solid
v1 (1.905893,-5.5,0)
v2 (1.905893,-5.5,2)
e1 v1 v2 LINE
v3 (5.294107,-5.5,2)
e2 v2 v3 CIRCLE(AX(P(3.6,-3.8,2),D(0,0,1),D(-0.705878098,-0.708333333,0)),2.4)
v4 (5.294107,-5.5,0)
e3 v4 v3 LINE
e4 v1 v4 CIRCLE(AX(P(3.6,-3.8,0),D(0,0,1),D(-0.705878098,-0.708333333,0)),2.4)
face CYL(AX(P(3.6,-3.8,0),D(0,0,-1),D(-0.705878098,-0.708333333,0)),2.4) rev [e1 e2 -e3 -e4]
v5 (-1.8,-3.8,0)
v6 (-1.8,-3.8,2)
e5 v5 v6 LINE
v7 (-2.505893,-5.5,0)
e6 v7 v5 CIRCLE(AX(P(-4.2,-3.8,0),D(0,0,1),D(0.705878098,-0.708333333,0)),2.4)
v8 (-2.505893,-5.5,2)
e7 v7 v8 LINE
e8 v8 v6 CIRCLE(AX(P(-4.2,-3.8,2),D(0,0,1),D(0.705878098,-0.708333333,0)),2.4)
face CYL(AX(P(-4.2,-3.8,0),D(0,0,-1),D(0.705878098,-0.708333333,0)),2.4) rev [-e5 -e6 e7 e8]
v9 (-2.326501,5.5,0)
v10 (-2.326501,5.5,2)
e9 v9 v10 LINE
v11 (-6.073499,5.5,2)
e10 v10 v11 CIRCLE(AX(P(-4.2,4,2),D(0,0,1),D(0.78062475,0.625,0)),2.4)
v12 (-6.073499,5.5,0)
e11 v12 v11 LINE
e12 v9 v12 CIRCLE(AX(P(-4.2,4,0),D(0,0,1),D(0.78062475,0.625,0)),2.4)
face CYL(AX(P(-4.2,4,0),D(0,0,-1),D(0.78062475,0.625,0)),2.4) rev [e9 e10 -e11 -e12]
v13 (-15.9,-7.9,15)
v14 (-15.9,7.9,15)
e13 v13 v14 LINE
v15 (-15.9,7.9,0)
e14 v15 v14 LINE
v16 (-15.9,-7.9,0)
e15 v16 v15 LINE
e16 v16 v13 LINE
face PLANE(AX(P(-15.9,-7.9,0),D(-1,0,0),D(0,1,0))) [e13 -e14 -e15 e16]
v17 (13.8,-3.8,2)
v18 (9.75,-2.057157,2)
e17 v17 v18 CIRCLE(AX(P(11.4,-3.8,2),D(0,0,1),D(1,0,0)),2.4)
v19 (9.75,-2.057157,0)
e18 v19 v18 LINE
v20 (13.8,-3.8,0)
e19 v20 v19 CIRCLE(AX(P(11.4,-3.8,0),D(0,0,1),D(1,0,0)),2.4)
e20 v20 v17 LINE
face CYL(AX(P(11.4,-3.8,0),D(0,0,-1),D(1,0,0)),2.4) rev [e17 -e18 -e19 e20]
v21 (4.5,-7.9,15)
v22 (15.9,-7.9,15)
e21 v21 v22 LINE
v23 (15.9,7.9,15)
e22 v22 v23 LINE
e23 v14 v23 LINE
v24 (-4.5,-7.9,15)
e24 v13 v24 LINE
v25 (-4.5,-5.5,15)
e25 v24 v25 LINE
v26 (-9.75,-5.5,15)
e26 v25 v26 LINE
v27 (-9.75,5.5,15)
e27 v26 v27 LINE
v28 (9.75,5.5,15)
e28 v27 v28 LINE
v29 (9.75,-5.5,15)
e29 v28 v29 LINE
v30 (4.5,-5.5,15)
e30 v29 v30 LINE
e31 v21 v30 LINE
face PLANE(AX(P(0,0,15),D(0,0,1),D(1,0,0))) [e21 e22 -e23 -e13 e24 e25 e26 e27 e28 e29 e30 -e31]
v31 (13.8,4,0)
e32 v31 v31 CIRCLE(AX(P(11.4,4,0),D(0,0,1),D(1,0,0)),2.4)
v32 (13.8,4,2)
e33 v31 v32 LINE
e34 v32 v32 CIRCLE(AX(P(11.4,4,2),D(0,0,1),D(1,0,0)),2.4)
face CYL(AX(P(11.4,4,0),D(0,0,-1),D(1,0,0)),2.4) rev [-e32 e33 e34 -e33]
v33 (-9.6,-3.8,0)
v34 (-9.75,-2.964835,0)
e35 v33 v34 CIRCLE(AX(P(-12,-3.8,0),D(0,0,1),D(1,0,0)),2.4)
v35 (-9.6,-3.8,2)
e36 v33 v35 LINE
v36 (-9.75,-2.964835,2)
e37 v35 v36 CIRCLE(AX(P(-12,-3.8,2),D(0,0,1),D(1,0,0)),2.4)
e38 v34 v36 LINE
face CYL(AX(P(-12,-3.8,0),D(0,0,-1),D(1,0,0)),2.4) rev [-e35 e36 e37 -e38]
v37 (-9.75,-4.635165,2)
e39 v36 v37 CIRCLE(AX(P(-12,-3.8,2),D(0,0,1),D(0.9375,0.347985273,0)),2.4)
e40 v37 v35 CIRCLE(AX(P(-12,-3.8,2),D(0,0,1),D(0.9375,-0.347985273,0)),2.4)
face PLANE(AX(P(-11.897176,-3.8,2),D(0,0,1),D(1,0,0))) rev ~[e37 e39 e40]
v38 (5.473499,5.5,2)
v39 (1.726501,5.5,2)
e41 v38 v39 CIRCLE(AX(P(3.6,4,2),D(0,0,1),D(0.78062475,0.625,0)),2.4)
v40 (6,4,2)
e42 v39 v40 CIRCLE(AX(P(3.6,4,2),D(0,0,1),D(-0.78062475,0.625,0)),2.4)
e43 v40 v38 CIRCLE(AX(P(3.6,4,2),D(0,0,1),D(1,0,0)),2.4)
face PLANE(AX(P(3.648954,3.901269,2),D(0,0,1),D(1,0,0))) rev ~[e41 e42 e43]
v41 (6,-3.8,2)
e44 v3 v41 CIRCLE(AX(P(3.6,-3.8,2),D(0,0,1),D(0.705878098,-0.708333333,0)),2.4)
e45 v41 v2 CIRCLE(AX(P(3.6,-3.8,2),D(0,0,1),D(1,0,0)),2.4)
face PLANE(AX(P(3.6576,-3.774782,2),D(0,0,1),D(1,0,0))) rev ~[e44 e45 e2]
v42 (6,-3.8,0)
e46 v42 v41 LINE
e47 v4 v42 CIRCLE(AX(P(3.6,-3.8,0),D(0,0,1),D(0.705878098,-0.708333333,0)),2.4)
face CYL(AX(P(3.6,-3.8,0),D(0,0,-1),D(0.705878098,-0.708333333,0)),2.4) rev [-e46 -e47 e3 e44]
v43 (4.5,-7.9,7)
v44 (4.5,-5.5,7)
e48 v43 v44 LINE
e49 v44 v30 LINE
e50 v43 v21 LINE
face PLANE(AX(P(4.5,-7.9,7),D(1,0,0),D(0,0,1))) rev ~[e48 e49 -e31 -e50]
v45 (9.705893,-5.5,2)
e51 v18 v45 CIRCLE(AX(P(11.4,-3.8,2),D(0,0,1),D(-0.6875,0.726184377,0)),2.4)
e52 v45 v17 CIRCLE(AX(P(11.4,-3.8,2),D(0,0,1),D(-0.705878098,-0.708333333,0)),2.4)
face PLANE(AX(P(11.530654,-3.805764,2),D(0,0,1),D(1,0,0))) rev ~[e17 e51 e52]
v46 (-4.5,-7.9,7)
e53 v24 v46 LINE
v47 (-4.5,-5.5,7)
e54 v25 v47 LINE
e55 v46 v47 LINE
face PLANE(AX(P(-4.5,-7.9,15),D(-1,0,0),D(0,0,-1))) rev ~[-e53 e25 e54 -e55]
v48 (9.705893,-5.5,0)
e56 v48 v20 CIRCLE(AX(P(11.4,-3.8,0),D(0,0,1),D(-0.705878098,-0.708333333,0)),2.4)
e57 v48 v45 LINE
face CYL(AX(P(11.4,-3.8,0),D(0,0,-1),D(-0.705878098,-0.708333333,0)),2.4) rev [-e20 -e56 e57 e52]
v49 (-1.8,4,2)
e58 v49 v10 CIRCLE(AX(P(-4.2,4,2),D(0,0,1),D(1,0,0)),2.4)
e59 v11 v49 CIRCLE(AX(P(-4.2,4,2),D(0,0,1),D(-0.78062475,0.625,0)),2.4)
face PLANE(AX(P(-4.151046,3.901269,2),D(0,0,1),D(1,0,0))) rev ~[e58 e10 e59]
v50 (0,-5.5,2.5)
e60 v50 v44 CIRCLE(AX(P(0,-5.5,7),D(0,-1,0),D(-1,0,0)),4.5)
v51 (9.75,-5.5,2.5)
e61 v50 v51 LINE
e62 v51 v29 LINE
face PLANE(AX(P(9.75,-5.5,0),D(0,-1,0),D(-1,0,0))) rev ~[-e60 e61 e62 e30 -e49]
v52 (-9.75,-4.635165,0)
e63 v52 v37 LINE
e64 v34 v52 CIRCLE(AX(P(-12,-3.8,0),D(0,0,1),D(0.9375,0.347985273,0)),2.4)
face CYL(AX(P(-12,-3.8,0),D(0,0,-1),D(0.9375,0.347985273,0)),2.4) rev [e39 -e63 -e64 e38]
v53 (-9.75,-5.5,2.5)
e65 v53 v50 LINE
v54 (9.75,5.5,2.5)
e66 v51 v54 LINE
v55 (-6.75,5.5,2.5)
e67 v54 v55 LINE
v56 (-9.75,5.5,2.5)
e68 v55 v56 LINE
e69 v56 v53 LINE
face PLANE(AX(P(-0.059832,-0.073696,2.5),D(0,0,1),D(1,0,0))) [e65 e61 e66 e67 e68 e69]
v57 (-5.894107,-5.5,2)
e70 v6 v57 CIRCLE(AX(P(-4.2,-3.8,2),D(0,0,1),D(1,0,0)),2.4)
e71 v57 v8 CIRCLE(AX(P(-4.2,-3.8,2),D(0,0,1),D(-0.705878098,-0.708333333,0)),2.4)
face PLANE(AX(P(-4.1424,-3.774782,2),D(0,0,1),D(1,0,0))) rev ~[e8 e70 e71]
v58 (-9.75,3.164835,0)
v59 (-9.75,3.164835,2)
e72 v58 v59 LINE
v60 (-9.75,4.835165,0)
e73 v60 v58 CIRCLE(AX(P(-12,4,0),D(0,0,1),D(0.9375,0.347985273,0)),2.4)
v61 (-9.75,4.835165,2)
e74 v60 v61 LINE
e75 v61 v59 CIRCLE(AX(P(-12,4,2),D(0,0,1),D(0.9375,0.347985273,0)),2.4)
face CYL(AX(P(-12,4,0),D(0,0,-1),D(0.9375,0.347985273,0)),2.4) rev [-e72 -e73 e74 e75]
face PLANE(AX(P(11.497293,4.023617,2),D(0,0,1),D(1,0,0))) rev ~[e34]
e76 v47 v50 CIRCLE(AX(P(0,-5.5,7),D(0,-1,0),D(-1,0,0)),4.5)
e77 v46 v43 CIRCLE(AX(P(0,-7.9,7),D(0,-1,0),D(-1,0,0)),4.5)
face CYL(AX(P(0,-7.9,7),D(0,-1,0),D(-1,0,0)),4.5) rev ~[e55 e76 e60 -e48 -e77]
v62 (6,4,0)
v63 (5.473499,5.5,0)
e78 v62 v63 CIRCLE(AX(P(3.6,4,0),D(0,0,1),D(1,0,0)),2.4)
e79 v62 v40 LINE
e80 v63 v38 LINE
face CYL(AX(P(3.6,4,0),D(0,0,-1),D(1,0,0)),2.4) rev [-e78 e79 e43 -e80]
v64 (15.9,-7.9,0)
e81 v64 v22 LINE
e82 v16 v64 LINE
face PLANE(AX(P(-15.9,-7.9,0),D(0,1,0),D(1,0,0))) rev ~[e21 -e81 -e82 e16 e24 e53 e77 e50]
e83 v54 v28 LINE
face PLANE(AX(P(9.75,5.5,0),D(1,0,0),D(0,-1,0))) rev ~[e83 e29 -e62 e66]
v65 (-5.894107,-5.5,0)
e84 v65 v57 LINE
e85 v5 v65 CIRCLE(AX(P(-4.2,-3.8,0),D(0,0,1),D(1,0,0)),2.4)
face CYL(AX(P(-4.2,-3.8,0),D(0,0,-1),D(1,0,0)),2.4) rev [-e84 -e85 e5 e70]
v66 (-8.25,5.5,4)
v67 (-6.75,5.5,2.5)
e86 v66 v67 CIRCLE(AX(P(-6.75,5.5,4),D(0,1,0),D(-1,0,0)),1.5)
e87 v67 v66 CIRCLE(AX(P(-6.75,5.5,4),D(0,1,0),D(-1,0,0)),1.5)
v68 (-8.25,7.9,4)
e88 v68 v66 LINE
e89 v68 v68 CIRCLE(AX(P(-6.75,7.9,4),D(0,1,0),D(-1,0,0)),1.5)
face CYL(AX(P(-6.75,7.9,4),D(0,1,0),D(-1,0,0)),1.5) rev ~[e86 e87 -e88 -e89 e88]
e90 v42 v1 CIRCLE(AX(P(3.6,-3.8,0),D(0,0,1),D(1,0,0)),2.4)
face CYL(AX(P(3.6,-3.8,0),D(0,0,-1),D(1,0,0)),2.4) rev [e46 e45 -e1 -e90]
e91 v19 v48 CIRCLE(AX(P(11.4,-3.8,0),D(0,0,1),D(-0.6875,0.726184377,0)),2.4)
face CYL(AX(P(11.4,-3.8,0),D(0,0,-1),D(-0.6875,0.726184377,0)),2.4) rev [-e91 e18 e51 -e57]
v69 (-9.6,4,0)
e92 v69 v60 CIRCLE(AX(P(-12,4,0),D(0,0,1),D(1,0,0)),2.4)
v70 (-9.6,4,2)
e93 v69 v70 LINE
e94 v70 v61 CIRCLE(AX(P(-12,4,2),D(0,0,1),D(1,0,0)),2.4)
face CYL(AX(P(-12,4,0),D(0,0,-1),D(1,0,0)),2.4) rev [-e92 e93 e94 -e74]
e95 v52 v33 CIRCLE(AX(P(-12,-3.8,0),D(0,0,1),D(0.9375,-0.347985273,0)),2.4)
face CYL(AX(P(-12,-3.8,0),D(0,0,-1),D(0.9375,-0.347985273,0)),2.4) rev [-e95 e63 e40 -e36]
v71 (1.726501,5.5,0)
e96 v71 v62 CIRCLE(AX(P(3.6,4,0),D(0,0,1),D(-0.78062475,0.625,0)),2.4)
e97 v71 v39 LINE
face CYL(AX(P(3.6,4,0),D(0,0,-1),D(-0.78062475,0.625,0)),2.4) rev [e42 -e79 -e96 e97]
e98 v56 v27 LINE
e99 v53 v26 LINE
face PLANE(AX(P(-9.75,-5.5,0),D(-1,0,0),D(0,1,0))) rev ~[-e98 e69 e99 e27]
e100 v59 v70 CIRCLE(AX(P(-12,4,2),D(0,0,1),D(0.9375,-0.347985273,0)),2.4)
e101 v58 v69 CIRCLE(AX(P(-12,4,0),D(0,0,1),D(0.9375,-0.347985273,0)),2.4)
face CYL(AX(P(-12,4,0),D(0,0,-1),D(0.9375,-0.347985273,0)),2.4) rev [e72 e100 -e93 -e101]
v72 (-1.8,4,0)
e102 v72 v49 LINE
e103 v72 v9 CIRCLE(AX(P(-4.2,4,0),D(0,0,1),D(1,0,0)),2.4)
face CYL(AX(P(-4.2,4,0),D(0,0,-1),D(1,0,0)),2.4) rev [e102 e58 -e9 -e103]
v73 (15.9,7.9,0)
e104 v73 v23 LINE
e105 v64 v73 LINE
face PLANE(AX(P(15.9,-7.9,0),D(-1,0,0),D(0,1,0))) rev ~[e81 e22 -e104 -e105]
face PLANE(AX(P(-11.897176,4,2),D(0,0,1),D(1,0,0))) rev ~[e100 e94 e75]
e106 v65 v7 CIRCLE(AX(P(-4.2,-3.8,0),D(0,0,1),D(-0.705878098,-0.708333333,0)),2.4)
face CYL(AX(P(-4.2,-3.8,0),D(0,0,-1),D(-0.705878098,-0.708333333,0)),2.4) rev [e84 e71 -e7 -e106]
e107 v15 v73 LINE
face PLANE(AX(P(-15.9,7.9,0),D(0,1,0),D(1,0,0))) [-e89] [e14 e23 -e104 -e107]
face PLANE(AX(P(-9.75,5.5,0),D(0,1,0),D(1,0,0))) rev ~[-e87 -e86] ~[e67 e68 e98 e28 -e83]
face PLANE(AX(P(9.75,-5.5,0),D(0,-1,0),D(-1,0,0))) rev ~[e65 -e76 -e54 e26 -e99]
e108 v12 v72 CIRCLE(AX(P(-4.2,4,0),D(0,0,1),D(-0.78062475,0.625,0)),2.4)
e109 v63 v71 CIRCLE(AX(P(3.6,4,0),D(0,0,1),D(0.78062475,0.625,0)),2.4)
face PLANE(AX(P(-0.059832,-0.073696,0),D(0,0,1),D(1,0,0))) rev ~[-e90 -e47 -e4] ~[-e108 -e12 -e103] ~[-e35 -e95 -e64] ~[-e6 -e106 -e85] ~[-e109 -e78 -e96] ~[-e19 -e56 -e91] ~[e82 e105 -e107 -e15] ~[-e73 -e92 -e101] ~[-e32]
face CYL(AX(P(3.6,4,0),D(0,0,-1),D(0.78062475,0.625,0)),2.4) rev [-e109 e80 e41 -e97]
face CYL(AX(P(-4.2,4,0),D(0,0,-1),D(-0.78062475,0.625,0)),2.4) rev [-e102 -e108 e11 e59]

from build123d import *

# Parameters (mm, degrees)
F0_W     = 31.8
F0_H     = 15.8
F1_DEPTH = 15
F3_DEPTH = 2.4
F4_DEPTH = 2.5
F5_R     = 1.5
F6_DEPTH = 2.4
F7_DEPTH = 2


with BuildPart() as f1:
    # F0 (on Top) → F1 (new body)
    with BuildSketch(Plane.XY):
        Rectangle(F0_W, F0_H)
        with BuildLine():
            Line((-9.75, 4.8351646544), (-9.75, 5.5))
            Line((-9.75, 5.5), (-6.0734993995, 5.5))
            ThreePointArc((-6.0734993995, 5.5), (-4.2, 6.4), (-2.3265006005, 5.5))
            Line((-2.3265006005, 5.5), (1.7265006005, 5.5))
            ThreePointArc((1.7265006005, 5.5), (3.6, 6.4), (5.4734993995, 5.5))
            Line((5.4734993995, 5.5), (9.5265006005, 5.5))
            ThreePointArc((9.5265006005, 5.5), (12.1948589312, 6.2645527769), (13.8, 4))
            ThreePointArc((13.8, 4), (12.3486832981, 1.7954592315), (9.75, 2.2571574942))
            Line((9.75, 2.2571574942), (9.75, -2.0571574942))
            ThreePointArc((9.75, -2.0571574942), (12.3486832981, -1.5954592315), (13.8, -3.8))
            ThreePointArc((13.8, -3.8), (12.3203646443, -6.016512784), (9.7058925654, -5.5))
            Line((9.7058925654, -5.5), (5.2941074346, -5.5))
            ThreePointArc((5.2941074346, -5.5), (3.6, -6.2), (1.9058925654, -5.5))
            Line((1.9058925654, -5.5), (-2.5058925654, -5.5))
            ThreePointArc((-2.5058925654, -5.5), (-4.2, -6.2), (-5.8941074346, -5.5))
            Line((-5.8941074346, -5.5), (-9.75, -5.5))
            Line((-9.75, -5.5), (-9.75, -4.6351646544))
            ThreePointArc((-9.75, -4.6351646544), (-14.4, -3.8), (-9.75, -2.9648353456))
            Line((-9.75, -2.9648353456), (-9.75, 3.1648353456))
            ThreePointArc((-9.75, 3.1648353456), (-14.4, 4), (-9.75, 4.8351646544))
        make_face(mode=Mode.SUBTRACT)
        with BuildLine():
            Line((-9.75, -4.6351646544), (-9.75, -2.9648353456))
            ThreePointArc((-9.75, -2.9648353456), (-14.4, -3.8), (-9.75, -4.6351646544))
        make_face()
        with BuildLine():
            Line((-9.75, 3.1648353456), (-9.75, 4.8351646544))
            ThreePointArc((-9.75, 4.8351646544), (-14.4, 4), (-9.75, 3.1648353456))
        make_face()
        with BuildLine():
            ThreePointArc((13.8, 4), (12.1948589312, 6.2645527769), (9.5265006005, 5.5))
            Line((9.5265006005, 5.5), (9.75, 5.5))
            Line((9.75, 5.5), (9.75, 2.2571574942))
            ThreePointArc((9.75, 2.2571574942), (12.3486832981, 1.7954592315), (13.8, 4))
        make_face()
        with BuildLine():
            ThreePointArc((13.8, -3.8), (12.3486832981, -1.5954592315), (9.75, -2.0571574942))
            Line((9.75, -2.0571574942), (9.75, -5.5))
            Line((9.75, -5.5), (9.7058925654, -5.5))
            ThreePointArc((9.7058925654, -5.5), (12.3203646443, -6.016512784), (13.8, -3.8))
        make_face()
        with BuildLine():
            ThreePointArc((-2.3265006005, 5.5), (-4.2, 6.4), (-6.0734993995, 5.5))
            Line((-6.0734993995, 5.5), (-2.3265006005, 5.5))
        make_face()
        with BuildLine():
            ThreePointArc((5.4734993995, 5.5), (3.6, 6.4), (1.7265006005, 5.5))
            Line((1.7265006005, 5.5), (5.4734993995, 5.5))
        make_face()
        with BuildLine():
            Line((5.2941074346, -5.5), (1.9058925654, -5.5))
            ThreePointArc((1.9058925654, -5.5), (3.6, -6.2), (5.2941074346, -5.5))
        make_face()
        with BuildLine():
            Line((-2.5058925654, -5.5), (-5.8941074346, -5.5))
            ThreePointArc((-5.8941074346, -5.5), (-4.2, -6.2), (-2.5058925654, -5.5))
        make_face()
    extrude(amount=F1_DEPTH)

    # F2 (on face) → F3 (cut, through all)
    with BuildSketch(Plane.XZ.offset(7.9)):
        with BuildLine():
            Line((4.5, 15), (-4.5, 15))
            Line((-4.5, 15), (-4.5, 7))
            ThreePointArc((-4.5, 7), (0, 2.5), (4.5, 7))
            Line((4.5, 7), (4.5, 15))
        make_face()
    extrude(amount=-F3_DEPTH, mode=Mode.SUBTRACT)

    # F0 (on Top) → F4 (join)
    with BuildSketch(Plane.XY):
        with BuildLine():
            Line((-6.0734993995, 5.5), (-9.75, 5.5))
            Line((-9.75, 5.5), (-9.75, 4.8351646544))
            ThreePointArc((-9.75, 4.8351646544), (-9.6377976378, 4.4242640687), (-9.6, 4))
            ThreePointArc((-9.6, 4), (-9.6377976378, 3.5757359313), (-9.75, 3.1648353456))
            Line((-9.75, 3.1648353456), (-9.75, -2.9648353456))
            ThreePointArc((-9.75, -2.9648353456), (-9.6377976378, -3.3757359313), (-9.6, -3.8))
            ThreePointArc((-9.6, -3.8), (-9.6377976378, -4.2242640687), (-9.75, -4.6351646544))
            Line((-9.75, -4.6351646544), (-9.75, -5.5))
            Line((-9.75, -5.5), (-5.8941074346, -5.5))
            ThreePointArc((-5.8941074346, -5.5), (-5.1203646443, -1.583487216), (-1.8, -3.8))
            ThreePointArc((-1.8, -3.8), (-1.983487216, -4.7203646443), (-2.5058925654, -5.5))
            Line((-2.5058925654, -5.5), (1.9058925654, -5.5))
            ThreePointArc((1.9058925654, -5.5), (2.6796353557, -1.583487216), (6, -3.8))
            ThreePointArc((6, -3.8), (5.816512784, -4.7203646443), (5.2941074346, -5.5))
            Line((5.2941074346, -5.5), (9.7058925654, -5.5))
            ThreePointArc((9.7058925654, -5.5), (9.0001969324, -3.7692553009), (9.75, -2.0571574942))
            Line((9.75, -2.0571574942), (9.75, 2.2571574942))
            ThreePointArc((9.75, 2.2571574942), (9.0056798702, 3.8349814676), (9.5265006005, 5.5))
            Line((9.5265006005, 5.5), (5.4734993995, 5.5))
            ThreePointArc((5.4734993995, 5.5), (5.8645527769, 4.7948589312), (6, 4))
            ThreePointArc((6, 4), (2.8051410688, 1.7354472231), (1.7265006005, 5.5))
            Line((1.7265006005, 5.5), (-2.3265006005, 5.5))
            ThreePointArc((-2.3265006005, 5.5), (-1.9354472231, 4.7948589312), (-1.8, 4))
            ThreePointArc((-1.8, 4), (-4.9948589312, 1.7354472231), (-6.0734993995, 5.5))
        make_face()
        with BuildLine():
            ThreePointArc((6, -3.8), (2.6796353557, -1.583487216), (1.9058925654, -5.5))
            Line((1.9058925654, -5.5), (5.2941074346, -5.5))
            ThreePointArc((5.2941074346, -5.5), (5.816512784, -4.7203646443), (6, -3.8))
        make_face()
        with BuildLine():
            ThreePointArc((-1.8, -3.8), (-5.1203646443, -1.583487216), (-5.8941074346, -5.5))
            Line((-5.8941074346, -5.5), (-2.5058925654, -5.5))
            ThreePointArc((-2.5058925654, -5.5), (-1.983487216, -4.7203646443), (-1.8, -3.8))
        make_face()
        with BuildLine():
            Line((-2.3265006005, 5.5), (-6.0734993995, 5.5))
            ThreePointArc((-6.0734993995, 5.5), (-4.9948589312, 1.7354472231), (-1.8, 4))
            ThreePointArc((-1.8, 4), (-1.9354472231, 4.7948589312), (-2.3265006005, 5.5))
        make_face()
        with BuildLine():
            Line((5.4734993995, 5.5), (1.7265006005, 5.5))
            ThreePointArc((1.7265006005, 5.5), (2.8051410688, 1.7354472231), (6, 4))
            ThreePointArc((6, 4), (5.8645527769, 4.7948589312), (5.4734993995, 5.5))
        make_face()
        with BuildLine():
            Line((9.75, -5.5), (9.75, -2.0571574942))
            ThreePointArc((9.75, -2.0571574942), (9.0001969324, -3.7692553009), (9.7058925654, -5.5))
            Line((9.7058925654, -5.5), (9.75, -5.5))
        make_face()
        with BuildLine():
            Line((9.75, 5.5), (9.5265006005, 5.5))
            ThreePointArc((9.5265006005, 5.5), (9.0056798702, 3.8349814676), (9.75, 2.2571574942))
            Line((9.75, 2.2571574942), (9.75, 5.5))
        make_face()
        with BuildLine():
            ThreePointArc((-9.6, 4), (-9.6377976378, 4.4242640687), (-9.75, 4.8351646544))
            Line((-9.75, 4.8351646544), (-9.75, 3.1648353456))
            ThreePointArc((-9.75, 3.1648353456), (-9.6377976378, 3.5757359313), (-9.6, 4))
        make_face()
        with BuildLine():
            ThreePointArc((-9.6, -3.8), (-9.6377976378, -3.3757359313), (-9.75, -2.9648353456))
            Line((-9.75, -2.9648353456), (-9.75, -4.6351646544))
            ThreePointArc((-9.75, -4.6351646544), (-9.6377976378, -4.2242640687), (-9.6, -3.8))
        make_face()
    extrude(amount=F4_DEPTH)

    # F5 (on face) → F6 (cut, through all)
    with BuildSketch(Plane(origin=(0, 7.9, 0), x_dir=(-1, 0, 0), z_dir=(0, 1, 0))):
        with Locations((6.75, 4)):
            Circle(F5_R)
    extrude(amount=-F6_DEPTH, mode=Mode.SUBTRACT)

    # F0 (on Top) → F7 (cut)
    with BuildSketch(Plane.XY):
        with BuildLine():
            ThreePointArc((13.8, 4), (12.1948589312, 6.2645527769), (9.5265006005, 5.5))
            Line((9.5265006005, 5.5), (9.75, 5.5))
            Line((9.75, 5.5), (9.75, 2.2571574942))
            ThreePointArc((9.75, 2.2571574942), (12.3486832981, 1.7954592315), (13.8, 4))
        make_face()
        with BuildLine():
            Line((9.75, 5.5), (9.5265006005, 5.5))
            ThreePointArc((9.5265006005, 5.5), (9.0056798702, 3.8349814676), (9.75, 2.2571574942))
            Line((9.75, 2.2571574942), (9.75, 5.5))
        make_face()
        with BuildLine():
            Line((5.4734993995, 5.5), (1.7265006005, 5.5))
            ThreePointArc((1.7265006005, 5.5), (2.8051410688, 1.7354472231), (6, 4))
            ThreePointArc((6, 4), (5.8645527769, 4.7948589312), (5.4734993995, 5.5))
        make_face()
        with BuildLine():
            ThreePointArc((5.4734993995, 5.5), (3.6, 6.4), (1.7265006005, 5.5))
            Line((1.7265006005, 5.5), (5.4734993995, 5.5))
        make_face()
        with BuildLine():
            Line((-2.3265006005, 5.5), (-6.0734993995, 5.5))
            ThreePointArc((-6.0734993995, 5.5), (-4.9948589312, 1.7354472231), (-1.8, 4))
            ThreePointArc((-1.8, 4), (-1.9354472231, 4.7948589312), (-2.3265006005, 5.5))
        make_face()
        with BuildLine():
            ThreePointArc((-2.3265006005, 5.5), (-4.2, 6.4), (-6.0734993995, 5.5))
            Line((-6.0734993995, 5.5), (-2.3265006005, 5.5))
        make_face()
        with BuildLine():
            Line((-9.75, 3.1648353456), (-9.75, 4.8351646544))
            ThreePointArc((-9.75, 4.8351646544), (-14.4, 4), (-9.75, 3.1648353456))
        make_face()
        with BuildLine():
            ThreePointArc((-9.6, 4), (-9.6377976378, 4.4242640687), (-9.75, 4.8351646544))
            Line((-9.75, 4.8351646544), (-9.75, 3.1648353456))
            ThreePointArc((-9.75, 3.1648353456), (-9.6377976378, 3.5757359313), (-9.6, 4))
        make_face()
        with BuildLine():
            Line((-9.75, -4.6351646544), (-9.75, -2.9648353456))
            ThreePointArc((-9.75, -2.9648353456), (-14.4, -3.8), (-9.75, -4.6351646544))
        make_face()
        with BuildLine():
            ThreePointArc((-9.6, -3.8), (-9.6377976378, -3.3757359313), (-9.75, -2.9648353456))
            Line((-9.75, -2.9648353456), (-9.75, -4.6351646544))
            ThreePointArc((-9.75, -4.6351646544), (-9.6377976378, -4.2242640687), (-9.6, -3.8))
        make_face()
        with BuildLine():
            ThreePointArc((-1.8, -3.8), (-5.1203646443, -1.583487216), (-5.8941074346, -5.5))
            Line((-5.8941074346, -5.5), (-2.5058925654, -5.5))
            ThreePointArc((-2.5058925654, -5.5), (-1.983487216, -4.7203646443), (-1.8, -3.8))
        make_face()
        with BuildLine():
            Line((-2.5058925654, -5.5), (-5.8941074346, -5.5))
            ThreePointArc((-5.8941074346, -5.5), (-4.2, -6.2), (-2.5058925654, -5.5))
        make_face()
        with BuildLine():
            ThreePointArc((6, -3.8), (2.6796353557, -1.583487216), (1.9058925654, -5.5))
            Line((1.9058925654, -5.5), (5.2941074346, -5.5))
            ThreePointArc((5.2941074346, -5.5), (5.816512784, -4.7203646443), (6, -3.8))
        make_face()
        with BuildLine():
            Line((5.2941074346, -5.5), (1.9058925654, -5.5))
            ThreePointArc((1.9058925654, -5.5), (3.6, -6.2), (5.2941074346, -5.5))
        make_face()
        with BuildLine():
            ThreePointArc((13.8, -3.8), (12.3486832981, -1.5954592315), (9.75, -2.0571574942))
            Line((9.75, -2.0571574942), (9.75, -5.5))
            Line((9.75, -5.5), (9.7058925654, -5.5))
            ThreePointArc((9.7058925654, -5.5), (12.3203646443, -6.016512784), (13.8, -3.8))
        make_face()
        with BuildLine():
            Line((9.75, -5.5), (9.75, -2.0571574942))
            ThreePointArc((9.75, -2.0571574942), (9.0001969324, -3.7692553009), (9.7058925654, -5.5))
            Line((9.7058925654, -5.5), (9.75, -5.5))
        make_face()
    extrude(amount=F7_DEPTH, mode=Mode.SUBTRACT)


solid = f1.part
